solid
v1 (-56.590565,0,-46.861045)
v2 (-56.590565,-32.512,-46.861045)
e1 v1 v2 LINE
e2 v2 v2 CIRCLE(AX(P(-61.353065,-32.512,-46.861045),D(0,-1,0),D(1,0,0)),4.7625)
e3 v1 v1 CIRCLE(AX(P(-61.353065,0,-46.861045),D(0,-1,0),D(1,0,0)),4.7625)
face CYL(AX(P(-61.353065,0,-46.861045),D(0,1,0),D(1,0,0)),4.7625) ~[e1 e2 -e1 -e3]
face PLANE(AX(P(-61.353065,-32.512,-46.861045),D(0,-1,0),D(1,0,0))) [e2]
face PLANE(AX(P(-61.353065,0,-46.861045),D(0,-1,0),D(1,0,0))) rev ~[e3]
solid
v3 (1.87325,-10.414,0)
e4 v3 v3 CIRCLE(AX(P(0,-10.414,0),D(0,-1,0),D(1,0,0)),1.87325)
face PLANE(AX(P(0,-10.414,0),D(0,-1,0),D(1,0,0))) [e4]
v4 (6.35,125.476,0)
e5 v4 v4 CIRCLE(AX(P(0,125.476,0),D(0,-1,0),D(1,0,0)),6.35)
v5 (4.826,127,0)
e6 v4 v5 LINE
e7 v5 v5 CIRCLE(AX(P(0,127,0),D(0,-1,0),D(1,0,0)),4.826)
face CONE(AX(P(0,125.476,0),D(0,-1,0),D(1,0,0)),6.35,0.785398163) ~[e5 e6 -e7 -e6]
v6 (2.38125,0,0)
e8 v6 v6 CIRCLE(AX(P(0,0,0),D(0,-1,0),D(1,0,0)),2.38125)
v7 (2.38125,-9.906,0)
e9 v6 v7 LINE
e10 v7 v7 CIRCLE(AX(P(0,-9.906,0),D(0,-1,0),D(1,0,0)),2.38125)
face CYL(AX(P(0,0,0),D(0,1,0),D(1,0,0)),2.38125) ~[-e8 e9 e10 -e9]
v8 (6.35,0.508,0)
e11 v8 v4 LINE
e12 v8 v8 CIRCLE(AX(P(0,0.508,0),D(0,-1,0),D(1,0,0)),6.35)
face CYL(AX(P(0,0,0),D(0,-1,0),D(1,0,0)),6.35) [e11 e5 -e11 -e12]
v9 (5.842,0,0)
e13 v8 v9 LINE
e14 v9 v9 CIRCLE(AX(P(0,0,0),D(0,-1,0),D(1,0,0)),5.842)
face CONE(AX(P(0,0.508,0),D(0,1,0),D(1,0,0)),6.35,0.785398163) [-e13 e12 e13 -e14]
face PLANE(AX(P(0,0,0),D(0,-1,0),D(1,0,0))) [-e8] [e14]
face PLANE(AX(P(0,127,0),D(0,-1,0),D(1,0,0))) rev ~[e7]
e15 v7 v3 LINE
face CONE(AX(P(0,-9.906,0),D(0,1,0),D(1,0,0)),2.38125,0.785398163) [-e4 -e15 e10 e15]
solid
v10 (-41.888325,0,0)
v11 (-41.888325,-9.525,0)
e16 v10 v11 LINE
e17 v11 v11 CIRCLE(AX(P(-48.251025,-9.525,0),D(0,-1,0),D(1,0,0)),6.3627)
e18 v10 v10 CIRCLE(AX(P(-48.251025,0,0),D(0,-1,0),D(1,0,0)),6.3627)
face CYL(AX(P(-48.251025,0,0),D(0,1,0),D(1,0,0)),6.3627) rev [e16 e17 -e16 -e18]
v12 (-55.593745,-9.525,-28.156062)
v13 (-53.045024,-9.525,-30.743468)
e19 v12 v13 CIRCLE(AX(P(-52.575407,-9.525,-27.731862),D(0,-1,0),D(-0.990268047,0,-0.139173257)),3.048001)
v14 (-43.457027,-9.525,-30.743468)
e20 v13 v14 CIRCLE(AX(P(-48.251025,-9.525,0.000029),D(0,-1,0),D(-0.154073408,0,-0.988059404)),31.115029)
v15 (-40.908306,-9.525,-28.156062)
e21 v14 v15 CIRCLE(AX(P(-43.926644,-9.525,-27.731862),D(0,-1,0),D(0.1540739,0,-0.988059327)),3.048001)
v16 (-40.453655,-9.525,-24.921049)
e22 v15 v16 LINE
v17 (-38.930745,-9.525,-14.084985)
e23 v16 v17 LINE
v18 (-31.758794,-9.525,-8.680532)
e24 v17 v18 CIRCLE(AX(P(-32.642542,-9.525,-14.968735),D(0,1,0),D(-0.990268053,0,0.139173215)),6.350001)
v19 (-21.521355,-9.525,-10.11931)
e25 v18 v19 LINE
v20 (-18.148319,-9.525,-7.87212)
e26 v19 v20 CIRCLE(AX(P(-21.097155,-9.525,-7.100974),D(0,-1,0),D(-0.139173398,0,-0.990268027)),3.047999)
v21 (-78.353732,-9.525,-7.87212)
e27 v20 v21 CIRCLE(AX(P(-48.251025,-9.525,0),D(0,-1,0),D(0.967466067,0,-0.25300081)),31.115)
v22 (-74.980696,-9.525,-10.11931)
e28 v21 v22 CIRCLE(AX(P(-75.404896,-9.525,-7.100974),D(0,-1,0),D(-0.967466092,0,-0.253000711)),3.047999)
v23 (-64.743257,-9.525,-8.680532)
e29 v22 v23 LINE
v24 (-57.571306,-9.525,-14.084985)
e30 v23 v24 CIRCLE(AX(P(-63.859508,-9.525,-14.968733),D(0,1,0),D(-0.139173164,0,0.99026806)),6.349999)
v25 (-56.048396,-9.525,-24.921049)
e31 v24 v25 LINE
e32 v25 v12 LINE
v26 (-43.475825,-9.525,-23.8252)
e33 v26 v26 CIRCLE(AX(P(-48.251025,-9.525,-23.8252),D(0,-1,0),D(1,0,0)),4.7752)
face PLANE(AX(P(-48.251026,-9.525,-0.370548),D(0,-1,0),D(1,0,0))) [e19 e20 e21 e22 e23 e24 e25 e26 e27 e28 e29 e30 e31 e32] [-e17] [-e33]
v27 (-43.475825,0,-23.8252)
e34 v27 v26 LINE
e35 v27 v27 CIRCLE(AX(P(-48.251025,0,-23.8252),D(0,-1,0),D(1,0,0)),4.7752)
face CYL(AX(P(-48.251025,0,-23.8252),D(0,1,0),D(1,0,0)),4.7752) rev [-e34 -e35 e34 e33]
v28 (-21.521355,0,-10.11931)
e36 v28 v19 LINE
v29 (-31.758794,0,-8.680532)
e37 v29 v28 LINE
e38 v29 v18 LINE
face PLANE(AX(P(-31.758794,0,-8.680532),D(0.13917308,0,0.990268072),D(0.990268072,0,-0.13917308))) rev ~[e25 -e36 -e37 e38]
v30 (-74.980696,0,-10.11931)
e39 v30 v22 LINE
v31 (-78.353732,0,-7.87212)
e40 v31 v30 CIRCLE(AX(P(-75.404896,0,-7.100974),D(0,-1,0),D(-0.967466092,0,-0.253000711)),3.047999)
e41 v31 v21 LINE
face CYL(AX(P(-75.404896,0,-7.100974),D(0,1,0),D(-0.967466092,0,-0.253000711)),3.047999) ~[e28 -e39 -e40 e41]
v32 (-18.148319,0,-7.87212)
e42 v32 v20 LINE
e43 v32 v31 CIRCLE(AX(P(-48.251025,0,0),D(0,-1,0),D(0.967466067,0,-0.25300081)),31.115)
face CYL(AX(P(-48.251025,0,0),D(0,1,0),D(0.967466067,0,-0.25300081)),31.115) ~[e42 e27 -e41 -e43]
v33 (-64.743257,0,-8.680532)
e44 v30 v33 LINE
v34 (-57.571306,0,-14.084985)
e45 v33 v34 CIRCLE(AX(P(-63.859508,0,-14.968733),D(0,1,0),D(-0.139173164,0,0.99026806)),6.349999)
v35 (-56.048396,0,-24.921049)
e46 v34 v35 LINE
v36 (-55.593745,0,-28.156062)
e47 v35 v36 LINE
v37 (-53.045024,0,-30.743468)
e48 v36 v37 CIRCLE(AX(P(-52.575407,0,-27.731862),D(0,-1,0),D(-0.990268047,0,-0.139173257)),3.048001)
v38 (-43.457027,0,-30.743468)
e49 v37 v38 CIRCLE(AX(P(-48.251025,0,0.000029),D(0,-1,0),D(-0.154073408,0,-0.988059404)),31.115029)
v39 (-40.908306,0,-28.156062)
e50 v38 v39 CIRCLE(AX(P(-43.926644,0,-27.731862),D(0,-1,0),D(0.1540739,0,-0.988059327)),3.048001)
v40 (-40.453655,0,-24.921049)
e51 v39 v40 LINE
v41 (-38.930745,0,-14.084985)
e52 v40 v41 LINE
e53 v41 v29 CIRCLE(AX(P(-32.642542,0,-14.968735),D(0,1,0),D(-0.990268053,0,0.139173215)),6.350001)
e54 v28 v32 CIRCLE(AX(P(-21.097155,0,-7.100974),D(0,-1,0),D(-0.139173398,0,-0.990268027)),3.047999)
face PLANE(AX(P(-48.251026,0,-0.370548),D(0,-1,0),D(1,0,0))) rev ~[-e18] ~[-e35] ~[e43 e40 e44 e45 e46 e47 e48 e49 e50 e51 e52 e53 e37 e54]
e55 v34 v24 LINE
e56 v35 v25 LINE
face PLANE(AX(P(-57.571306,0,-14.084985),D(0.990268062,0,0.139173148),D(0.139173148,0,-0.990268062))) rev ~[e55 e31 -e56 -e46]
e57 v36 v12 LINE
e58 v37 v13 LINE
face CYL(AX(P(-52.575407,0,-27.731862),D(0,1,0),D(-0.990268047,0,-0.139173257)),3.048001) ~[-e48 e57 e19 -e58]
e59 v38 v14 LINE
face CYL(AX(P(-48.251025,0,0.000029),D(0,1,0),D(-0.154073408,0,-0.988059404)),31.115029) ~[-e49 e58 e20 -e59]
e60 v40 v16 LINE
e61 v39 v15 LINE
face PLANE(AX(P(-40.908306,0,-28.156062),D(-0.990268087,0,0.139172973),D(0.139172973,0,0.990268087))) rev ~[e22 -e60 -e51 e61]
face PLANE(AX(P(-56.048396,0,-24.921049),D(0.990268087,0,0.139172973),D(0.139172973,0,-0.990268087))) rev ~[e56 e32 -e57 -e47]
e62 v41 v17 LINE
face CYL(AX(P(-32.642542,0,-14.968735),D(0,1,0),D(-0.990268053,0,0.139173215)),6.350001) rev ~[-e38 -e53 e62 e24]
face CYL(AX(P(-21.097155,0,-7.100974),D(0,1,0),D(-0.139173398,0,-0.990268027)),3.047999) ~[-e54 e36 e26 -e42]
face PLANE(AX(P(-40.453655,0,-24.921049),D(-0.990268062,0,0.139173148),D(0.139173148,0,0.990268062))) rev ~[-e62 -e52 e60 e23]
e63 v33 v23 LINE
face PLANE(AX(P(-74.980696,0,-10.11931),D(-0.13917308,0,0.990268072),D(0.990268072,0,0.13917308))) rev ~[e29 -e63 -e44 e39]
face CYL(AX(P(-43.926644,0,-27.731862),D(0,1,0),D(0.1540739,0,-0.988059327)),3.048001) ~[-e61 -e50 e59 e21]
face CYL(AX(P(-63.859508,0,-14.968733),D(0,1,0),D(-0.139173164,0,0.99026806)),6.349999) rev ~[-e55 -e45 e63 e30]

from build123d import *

# Parameters (mm, degrees)
F0_R     = 6.35
F1_DEPTH = 127
F2_R     = 2.38125
F3_DEPTH = 10.414
F4_SIZE  = 0.508
F5_SIZE  = 1.524
F6_R     = 4.7752
F6_R_2   = 6.3627
F7_DEPTH = 9.525
F8_R     = 4.7625
F9_DEPTH = 32.512


with BuildPart() as f1:
    # F0 (on Front) → F1 (new body)
    with BuildSketch(Plane.XZ):
        Circle(F0_R)
    extrude(amount=-F1_DEPTH)

    # F2 (on face) → F3 (join)
    with BuildSketch(Plane.XZ):
        Circle(F2_R)
    extrude(amount=F3_DEPTH)

    # F4
    f4_edges = [f1.edges().sort_by_distance(p)[0] for p in [
        (-2.38125, -10.414, 0),
        (-6.35, 0, 0),
    ]]
    chamfer(f4_edges, length=F4_SIZE)

    # F5
    f5_edges = [f1.edges().sort_by_distance(p)[0] for p in [
        (-6.35, 127, 0),
    ]]
    chamfer(f5_edges, length=F5_SIZE)


with BuildPart() as f7:
    # F6 (on Front) → F7 (new body)
    with BuildSketch(Plane.XZ):
        with BuildLine():
            ThreePointArc((-21.521355, -10.11931), (-19.40721, -9.637583), (-18.148319, -7.87212))
            ThreePointArc((-18.148319, -7.87212), (-48.251025, 31.115), (-78.353732, -7.87212))
            ThreePointArc((-78.353732, -7.87212), (-77.094841, -9.637583), (-74.980696, -10.11931))
            Line((-74.980696, -10.11931), (-64.743257, -8.680532))
            ThreePointArc((-64.743257, -8.680532), (-60.037982, -9.897399), (-57.571306, -14.084985))
            Line((-57.571306, -14.084985), (-56.048396, -24.921049))
            Line((-56.048396, -24.921049), (-55.593745, -28.156062))
            ThreePointArc((-55.593745, -28.156062), (-54.746841, -29.87083), (-53.045024, -30.743468))
            ThreePointArc((-53.045024, -30.743468), (-48.251025, -31.115), (-43.457027, -30.743468))
            ThreePointArc((-43.457027, -30.743468), (-41.75521, -29.87083), (-40.908306, -28.156062))
            Line((-40.908306, -28.156062), (-40.453655, -24.921049))
            Line((-40.453655, -24.921049), (-38.930745, -14.084985))
            ThreePointArc((-38.930745, -14.084985), (-36.464068, -9.897399), (-31.758794, -8.680532))
            Line((-31.758794, -8.680532), (-21.521355, -10.11931))
        make_face()
        with Locations((-48.251025, -23.8252)):
            Circle(F6_R, mode=Mode.SUBTRACT)
        with Locations((-48.251025, 0)):
            Circle(F6_R_2, mode=Mode.SUBTRACT)
    extrude(amount=F7_DEPTH)


with BuildPart() as f9:
    # F8 (on Front) → F9 (new body)
    with BuildSketch(Plane.XZ):
        with Locations((-61.353065, -46.861045)):
            Circle(F8_R)
    extrude(amount=F9_DEPTH)


solid = Compound([f1.part, f7.part, f9.part])
